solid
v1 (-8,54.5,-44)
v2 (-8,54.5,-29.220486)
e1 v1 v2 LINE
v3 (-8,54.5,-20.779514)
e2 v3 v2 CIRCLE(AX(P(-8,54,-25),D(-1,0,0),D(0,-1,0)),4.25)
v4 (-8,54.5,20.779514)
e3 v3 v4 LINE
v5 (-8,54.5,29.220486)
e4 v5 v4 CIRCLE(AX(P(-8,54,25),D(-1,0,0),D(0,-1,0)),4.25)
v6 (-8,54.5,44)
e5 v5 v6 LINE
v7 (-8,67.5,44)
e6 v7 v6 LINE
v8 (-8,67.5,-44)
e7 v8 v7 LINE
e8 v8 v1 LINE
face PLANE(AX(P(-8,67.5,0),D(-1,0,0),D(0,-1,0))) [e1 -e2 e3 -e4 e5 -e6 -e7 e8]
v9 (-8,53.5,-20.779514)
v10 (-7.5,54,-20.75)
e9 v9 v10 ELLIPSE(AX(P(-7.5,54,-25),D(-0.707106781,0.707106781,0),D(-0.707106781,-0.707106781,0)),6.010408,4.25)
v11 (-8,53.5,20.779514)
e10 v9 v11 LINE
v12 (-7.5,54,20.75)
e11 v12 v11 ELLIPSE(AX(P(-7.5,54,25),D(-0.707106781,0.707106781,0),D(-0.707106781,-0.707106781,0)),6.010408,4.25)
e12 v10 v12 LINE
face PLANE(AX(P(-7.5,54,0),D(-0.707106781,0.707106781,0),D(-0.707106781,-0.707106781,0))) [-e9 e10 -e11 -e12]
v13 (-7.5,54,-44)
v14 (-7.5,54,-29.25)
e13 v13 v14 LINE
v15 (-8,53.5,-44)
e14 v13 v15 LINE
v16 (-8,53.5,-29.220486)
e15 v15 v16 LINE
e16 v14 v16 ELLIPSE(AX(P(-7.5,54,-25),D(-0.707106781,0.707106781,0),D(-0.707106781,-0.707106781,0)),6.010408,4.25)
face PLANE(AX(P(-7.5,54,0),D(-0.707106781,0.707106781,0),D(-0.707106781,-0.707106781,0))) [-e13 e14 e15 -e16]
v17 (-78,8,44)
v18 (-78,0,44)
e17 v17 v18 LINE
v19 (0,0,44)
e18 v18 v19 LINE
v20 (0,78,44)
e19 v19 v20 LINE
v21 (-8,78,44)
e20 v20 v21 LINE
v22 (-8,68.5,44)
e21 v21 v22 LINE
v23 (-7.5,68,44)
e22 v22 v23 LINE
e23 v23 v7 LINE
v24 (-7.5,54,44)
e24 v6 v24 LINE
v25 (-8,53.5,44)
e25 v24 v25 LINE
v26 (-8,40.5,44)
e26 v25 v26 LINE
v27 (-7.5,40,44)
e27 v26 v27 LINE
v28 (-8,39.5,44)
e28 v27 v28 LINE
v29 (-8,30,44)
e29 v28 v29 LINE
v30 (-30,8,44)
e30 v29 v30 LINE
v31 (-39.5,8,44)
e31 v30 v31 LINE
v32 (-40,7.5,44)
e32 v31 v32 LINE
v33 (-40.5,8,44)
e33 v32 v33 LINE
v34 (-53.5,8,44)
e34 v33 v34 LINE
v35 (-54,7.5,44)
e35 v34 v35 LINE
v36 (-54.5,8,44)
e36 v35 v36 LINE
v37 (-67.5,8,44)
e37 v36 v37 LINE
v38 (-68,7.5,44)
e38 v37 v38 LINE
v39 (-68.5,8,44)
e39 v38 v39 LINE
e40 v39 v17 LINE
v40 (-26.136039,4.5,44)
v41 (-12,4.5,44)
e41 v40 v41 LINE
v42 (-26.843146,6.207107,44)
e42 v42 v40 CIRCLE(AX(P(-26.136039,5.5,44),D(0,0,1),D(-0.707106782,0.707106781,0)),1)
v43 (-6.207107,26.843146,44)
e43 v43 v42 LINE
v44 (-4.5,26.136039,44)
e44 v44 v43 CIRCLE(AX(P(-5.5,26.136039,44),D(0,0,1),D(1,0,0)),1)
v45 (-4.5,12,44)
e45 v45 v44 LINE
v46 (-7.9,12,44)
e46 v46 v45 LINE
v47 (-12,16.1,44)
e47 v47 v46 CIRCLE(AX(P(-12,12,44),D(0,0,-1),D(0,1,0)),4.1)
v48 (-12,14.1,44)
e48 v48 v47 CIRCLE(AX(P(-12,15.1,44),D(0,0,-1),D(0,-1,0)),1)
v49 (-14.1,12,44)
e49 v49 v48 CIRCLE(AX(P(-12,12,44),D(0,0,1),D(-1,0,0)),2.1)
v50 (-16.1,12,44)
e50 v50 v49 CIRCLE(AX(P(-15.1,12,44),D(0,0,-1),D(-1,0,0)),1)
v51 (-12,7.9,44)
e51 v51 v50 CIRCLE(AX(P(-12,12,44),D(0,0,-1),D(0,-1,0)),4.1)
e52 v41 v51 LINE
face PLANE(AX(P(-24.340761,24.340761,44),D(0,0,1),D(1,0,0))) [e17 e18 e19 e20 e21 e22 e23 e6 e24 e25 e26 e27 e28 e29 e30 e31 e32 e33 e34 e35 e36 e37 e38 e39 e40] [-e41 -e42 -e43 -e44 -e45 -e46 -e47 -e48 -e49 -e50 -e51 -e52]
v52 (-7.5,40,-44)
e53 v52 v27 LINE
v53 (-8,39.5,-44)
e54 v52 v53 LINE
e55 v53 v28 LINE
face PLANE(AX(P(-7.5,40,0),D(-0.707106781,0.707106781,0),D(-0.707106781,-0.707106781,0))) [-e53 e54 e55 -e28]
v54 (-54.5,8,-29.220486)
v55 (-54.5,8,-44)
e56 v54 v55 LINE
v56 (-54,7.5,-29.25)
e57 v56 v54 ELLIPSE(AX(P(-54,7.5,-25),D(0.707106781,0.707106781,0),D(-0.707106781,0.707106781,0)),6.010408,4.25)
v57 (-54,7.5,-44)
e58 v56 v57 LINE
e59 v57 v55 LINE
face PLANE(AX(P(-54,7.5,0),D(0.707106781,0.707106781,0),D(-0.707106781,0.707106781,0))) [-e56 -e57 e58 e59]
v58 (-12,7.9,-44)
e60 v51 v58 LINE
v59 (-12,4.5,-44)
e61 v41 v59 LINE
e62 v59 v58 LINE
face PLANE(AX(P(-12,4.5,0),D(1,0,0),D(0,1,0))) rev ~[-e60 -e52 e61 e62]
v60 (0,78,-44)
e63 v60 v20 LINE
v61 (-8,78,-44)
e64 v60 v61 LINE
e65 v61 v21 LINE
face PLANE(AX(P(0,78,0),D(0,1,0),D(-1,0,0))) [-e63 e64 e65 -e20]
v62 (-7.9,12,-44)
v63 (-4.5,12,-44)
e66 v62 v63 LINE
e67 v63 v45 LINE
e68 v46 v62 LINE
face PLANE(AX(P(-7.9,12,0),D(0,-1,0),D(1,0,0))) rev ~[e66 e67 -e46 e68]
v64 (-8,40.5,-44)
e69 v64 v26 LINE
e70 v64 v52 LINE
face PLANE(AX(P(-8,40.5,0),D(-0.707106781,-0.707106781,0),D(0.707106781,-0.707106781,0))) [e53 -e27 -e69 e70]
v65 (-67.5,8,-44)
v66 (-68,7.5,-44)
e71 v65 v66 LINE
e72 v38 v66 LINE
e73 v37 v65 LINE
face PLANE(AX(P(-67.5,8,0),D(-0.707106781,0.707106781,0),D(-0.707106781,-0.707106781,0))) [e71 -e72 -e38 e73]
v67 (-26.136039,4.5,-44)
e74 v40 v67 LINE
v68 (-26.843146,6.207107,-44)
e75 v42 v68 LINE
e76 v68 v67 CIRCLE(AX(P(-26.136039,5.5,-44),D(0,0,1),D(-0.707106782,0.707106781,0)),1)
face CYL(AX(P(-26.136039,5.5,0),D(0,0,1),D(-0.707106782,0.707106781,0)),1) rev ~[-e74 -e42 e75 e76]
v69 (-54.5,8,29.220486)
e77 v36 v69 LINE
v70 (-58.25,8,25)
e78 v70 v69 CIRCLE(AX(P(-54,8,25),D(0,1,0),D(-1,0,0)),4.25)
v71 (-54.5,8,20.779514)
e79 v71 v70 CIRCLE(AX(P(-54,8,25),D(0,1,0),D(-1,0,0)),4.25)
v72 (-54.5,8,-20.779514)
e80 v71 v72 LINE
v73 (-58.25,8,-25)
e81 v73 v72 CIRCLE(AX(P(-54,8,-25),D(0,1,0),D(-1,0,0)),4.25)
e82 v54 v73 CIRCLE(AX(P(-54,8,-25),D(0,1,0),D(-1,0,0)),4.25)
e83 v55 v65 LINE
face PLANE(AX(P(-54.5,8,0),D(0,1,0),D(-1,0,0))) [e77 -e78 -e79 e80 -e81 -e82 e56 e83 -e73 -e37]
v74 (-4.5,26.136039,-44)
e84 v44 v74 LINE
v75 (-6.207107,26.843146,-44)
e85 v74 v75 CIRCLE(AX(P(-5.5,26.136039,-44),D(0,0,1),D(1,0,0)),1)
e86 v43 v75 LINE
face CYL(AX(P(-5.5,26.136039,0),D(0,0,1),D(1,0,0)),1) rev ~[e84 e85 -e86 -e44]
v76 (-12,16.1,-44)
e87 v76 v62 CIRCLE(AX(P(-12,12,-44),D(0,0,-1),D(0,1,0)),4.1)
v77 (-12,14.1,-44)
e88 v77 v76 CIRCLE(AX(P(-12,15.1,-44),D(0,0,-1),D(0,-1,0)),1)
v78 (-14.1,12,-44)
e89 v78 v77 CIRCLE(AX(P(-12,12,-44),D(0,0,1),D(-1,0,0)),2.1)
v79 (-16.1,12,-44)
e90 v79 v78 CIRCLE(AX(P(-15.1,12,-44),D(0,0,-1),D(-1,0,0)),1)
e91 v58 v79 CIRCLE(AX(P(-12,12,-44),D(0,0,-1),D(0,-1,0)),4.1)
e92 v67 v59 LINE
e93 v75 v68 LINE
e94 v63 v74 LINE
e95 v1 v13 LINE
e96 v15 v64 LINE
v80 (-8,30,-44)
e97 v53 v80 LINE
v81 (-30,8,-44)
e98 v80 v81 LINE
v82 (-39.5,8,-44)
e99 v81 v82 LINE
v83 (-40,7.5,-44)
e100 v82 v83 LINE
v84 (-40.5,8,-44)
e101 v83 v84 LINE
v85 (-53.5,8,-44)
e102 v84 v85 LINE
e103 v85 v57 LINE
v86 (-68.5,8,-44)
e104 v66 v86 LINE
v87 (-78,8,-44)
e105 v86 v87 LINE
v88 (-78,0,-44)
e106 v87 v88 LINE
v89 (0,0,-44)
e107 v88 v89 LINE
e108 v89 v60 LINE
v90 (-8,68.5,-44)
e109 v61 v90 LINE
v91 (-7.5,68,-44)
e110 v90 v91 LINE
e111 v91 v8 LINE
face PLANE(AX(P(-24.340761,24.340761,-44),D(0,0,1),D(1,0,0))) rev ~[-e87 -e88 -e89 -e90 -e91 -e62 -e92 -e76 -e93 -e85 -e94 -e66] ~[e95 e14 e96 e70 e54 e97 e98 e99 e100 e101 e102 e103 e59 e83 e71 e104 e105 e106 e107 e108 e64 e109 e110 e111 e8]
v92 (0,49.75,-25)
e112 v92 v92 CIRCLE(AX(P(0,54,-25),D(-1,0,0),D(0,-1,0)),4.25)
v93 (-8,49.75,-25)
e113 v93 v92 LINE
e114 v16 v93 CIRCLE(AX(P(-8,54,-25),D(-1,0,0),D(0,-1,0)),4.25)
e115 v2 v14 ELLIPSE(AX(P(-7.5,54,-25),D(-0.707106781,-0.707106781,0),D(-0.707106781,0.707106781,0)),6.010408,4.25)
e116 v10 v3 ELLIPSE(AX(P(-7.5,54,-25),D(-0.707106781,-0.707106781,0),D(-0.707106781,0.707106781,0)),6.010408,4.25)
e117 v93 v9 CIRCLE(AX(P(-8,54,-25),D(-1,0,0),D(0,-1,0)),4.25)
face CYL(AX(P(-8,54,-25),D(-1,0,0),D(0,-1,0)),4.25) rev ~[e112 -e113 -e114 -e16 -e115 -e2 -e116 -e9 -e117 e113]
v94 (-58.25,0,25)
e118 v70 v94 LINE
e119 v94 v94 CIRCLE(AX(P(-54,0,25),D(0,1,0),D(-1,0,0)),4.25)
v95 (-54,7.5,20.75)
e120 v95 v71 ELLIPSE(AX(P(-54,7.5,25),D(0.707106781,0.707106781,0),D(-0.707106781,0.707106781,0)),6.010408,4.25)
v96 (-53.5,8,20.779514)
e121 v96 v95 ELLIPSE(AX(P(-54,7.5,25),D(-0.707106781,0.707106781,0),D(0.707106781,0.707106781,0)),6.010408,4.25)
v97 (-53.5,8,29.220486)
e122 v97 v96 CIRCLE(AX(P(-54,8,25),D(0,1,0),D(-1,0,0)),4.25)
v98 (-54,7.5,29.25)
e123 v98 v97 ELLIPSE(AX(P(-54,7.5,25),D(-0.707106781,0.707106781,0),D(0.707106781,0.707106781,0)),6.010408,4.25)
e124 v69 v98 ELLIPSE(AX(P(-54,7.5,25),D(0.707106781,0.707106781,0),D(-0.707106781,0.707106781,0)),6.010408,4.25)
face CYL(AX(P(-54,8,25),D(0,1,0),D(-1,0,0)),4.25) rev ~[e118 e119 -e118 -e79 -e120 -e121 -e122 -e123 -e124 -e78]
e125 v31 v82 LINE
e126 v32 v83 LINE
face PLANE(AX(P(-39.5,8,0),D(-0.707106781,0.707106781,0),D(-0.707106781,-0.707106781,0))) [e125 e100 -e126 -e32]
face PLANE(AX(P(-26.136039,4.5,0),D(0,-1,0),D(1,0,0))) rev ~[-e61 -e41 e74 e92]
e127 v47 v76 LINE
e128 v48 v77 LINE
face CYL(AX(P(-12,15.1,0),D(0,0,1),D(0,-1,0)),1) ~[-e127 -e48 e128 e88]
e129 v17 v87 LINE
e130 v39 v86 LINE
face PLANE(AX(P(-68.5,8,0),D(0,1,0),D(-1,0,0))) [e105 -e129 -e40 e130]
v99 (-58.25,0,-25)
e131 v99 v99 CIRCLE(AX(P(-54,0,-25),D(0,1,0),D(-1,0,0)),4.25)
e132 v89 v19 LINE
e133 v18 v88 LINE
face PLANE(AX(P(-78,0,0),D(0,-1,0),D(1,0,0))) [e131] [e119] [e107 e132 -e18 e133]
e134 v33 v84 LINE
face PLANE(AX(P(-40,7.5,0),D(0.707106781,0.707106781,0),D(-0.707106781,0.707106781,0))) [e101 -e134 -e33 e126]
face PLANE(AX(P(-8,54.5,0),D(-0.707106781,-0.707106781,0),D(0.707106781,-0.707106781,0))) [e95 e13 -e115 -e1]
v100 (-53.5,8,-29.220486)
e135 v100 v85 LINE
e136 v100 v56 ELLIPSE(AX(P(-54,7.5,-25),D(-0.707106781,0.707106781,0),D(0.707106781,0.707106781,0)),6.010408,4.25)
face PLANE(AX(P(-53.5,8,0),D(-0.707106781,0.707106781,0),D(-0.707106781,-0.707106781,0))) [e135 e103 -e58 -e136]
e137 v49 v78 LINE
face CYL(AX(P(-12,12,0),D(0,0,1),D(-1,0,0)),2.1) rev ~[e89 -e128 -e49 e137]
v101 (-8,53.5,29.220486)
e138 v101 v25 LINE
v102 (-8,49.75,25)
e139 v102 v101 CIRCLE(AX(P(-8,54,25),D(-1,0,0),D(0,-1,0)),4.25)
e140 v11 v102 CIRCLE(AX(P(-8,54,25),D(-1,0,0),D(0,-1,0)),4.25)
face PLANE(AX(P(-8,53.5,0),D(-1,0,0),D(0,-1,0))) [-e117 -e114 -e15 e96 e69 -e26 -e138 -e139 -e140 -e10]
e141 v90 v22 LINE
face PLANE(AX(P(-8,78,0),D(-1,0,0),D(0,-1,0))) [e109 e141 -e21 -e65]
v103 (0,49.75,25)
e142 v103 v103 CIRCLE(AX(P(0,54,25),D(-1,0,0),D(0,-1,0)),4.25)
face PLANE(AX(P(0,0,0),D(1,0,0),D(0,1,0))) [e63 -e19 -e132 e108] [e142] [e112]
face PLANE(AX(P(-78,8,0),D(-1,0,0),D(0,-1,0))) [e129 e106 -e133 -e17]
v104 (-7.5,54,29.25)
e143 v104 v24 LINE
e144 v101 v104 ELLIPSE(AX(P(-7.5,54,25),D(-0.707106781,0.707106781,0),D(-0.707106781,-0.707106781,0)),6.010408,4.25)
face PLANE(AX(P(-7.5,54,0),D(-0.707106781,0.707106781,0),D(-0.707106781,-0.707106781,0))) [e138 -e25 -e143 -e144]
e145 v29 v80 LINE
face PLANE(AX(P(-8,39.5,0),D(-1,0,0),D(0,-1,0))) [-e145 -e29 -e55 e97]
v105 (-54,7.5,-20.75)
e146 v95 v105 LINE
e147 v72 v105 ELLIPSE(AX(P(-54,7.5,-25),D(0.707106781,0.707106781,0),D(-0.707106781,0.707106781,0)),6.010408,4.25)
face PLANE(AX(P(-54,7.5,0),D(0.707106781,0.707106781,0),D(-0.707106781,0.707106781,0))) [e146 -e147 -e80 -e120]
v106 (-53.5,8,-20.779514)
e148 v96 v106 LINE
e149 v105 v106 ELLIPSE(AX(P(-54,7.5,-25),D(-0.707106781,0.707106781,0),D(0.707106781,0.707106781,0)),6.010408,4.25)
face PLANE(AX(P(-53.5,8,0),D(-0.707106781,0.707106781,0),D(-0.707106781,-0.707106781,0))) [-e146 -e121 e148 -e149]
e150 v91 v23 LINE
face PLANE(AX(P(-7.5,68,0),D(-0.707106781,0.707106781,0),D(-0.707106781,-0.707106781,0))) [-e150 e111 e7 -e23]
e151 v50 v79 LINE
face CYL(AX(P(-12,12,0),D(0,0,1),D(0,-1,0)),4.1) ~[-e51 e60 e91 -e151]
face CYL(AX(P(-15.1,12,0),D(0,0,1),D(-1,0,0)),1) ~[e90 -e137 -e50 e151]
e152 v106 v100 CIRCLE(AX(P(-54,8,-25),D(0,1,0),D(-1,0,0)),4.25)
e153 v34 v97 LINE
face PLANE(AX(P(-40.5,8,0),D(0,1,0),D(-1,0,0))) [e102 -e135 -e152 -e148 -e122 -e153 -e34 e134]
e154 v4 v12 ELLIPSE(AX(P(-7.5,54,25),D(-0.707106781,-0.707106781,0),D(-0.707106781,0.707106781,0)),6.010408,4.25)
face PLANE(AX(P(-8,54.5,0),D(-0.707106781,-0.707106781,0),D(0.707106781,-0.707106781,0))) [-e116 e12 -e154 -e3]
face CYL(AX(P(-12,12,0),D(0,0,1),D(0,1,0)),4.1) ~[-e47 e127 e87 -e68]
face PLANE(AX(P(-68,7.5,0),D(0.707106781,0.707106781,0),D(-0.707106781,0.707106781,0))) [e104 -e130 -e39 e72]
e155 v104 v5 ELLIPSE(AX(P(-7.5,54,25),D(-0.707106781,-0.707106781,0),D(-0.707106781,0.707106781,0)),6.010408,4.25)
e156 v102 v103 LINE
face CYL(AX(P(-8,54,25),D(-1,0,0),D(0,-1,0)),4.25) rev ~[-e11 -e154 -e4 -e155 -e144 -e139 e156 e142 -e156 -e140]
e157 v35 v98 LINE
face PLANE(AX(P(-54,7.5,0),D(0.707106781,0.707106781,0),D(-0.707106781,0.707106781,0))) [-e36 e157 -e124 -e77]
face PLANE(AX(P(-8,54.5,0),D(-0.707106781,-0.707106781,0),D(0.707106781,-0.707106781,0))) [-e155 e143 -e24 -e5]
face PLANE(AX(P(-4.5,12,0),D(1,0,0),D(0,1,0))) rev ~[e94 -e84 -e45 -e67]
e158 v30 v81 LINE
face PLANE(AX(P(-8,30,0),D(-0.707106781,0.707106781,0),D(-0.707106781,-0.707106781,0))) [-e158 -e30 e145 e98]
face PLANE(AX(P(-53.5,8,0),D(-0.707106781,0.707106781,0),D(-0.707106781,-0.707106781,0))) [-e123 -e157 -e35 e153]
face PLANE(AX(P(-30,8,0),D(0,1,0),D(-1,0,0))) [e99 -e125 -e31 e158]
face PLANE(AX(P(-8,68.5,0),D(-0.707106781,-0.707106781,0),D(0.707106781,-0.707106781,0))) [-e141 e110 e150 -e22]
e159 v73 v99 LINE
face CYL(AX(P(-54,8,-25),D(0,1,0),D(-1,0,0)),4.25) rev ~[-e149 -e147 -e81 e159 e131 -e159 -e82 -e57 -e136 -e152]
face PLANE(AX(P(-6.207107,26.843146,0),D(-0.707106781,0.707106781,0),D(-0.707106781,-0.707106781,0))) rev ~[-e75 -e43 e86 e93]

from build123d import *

# Parameters (mm, degrees)
EXTRUDE_1_DEPTH     = 44
SKETCH_2_R          = 4.25
CUT_EXTRUDE_1_DEPTH = 9
SKETCH_3_R          = 4.25
CUT_EXTRUDE_2_DEPTH = 9


with BuildPart() as part:
    # Эскиз1 → Бобышка-Вытянуть1 (new body, symmetric)
    with BuildSketch(Plane.XY):
        Polygon((-78, 0), (0, 0), (0, 78), (-8, 78), (-8, 68.5), (-7.5, 68), (-8, 67.5), (-8, 54.5), (-7.5, 54), (-8, 53.5), (-8, 40.5), (-7.5, 40), (-8, 39.5), (-8, 30), (-30, 8), (-39.5, 8), (-40, 7.5), (-40.5, 8), (-53.5, 8), (-54, 7.5), (-54.5, 8), (-67.5, 8), (-68, 7.5), (-68.5, 8), (-78, 8), align=None)
        with BuildLine():
            Line((-4.5, 12), (-4.5, 26.136038969))
            ThreePointArc((-4.5, 26.136038969), (-5.117316568, 27.059918502), (-6.207106781, 26.843145751))
            Line((-6.207106781, 26.843145751), (-26.843145751, 6.207106781))
            ThreePointArc((-26.843145751, 6.207106781), (-27.059918502, 5.117316568), (-26.136038969, 4.5))
            Line((-26.136038969, 4.5), (-12, 4.5))
            Line((-12, 4.5), (-12, 7.9))
            ThreePointArc((-12, 7.9), (-14.899137803, 9.100862197), (-16.1, 12))
            ThreePointArc((-16.1, 12), (-15.1, 13), (-14.1, 12))
            ThreePointArc((-14.1, 12), (-10.51507576, 10.51507576), (-12, 14.1))
            ThreePointArc((-12, 14.1), (-13, 15.1), (-12, 16.1))
            ThreePointArc((-12, 16.1), (-9.100862197, 14.899137803), (-7.9, 12))
            Line((-7.9, 12), (-4.5, 12))
        make_face(mode=Mode.SUBTRACT)
    extrude(amount=EXTRUDE_1_DEPTH, both=True)

    # Эскиз2 → Вырез-Вытянуть1 (cut, through all)
    with BuildSketch(Plane.ZY.offset(8)):
        with Locations(Location((-25, 54, 0), (0, 0, 270))):  # turned: the seam where the file's is
            Circle(SKETCH_2_R)
        with Locations(Location((25, 54, 0), (0, 0, 270))):  # turned: the seam where the file's is
            Circle(SKETCH_2_R)
    extrude(amount=-CUT_EXTRUDE_1_DEPTH, mode=Mode.SUBTRACT)

    # Эскиз3 → Вырез-Вытянуть2 (cut, through all)
    with BuildSketch(Plane(origin=(0, 8, 0), x_dir=(1, 0, 0), z_dir=(0, 1, 0))):
        with Locations(Location((-54, -25, 0), (0, 0, 180))):  # turned: the seam where the file's is
            Circle(SKETCH_3_R)
        with Locations(Location((-54, 25, 0), (0, 0, 180))):  # turned: the seam where the file's is
            Circle(SKETCH_3_R)
    extrude(amount=-CUT_EXTRUDE_2_DEPTH, mode=Mode.SUBTRACT)


solid = part.part
